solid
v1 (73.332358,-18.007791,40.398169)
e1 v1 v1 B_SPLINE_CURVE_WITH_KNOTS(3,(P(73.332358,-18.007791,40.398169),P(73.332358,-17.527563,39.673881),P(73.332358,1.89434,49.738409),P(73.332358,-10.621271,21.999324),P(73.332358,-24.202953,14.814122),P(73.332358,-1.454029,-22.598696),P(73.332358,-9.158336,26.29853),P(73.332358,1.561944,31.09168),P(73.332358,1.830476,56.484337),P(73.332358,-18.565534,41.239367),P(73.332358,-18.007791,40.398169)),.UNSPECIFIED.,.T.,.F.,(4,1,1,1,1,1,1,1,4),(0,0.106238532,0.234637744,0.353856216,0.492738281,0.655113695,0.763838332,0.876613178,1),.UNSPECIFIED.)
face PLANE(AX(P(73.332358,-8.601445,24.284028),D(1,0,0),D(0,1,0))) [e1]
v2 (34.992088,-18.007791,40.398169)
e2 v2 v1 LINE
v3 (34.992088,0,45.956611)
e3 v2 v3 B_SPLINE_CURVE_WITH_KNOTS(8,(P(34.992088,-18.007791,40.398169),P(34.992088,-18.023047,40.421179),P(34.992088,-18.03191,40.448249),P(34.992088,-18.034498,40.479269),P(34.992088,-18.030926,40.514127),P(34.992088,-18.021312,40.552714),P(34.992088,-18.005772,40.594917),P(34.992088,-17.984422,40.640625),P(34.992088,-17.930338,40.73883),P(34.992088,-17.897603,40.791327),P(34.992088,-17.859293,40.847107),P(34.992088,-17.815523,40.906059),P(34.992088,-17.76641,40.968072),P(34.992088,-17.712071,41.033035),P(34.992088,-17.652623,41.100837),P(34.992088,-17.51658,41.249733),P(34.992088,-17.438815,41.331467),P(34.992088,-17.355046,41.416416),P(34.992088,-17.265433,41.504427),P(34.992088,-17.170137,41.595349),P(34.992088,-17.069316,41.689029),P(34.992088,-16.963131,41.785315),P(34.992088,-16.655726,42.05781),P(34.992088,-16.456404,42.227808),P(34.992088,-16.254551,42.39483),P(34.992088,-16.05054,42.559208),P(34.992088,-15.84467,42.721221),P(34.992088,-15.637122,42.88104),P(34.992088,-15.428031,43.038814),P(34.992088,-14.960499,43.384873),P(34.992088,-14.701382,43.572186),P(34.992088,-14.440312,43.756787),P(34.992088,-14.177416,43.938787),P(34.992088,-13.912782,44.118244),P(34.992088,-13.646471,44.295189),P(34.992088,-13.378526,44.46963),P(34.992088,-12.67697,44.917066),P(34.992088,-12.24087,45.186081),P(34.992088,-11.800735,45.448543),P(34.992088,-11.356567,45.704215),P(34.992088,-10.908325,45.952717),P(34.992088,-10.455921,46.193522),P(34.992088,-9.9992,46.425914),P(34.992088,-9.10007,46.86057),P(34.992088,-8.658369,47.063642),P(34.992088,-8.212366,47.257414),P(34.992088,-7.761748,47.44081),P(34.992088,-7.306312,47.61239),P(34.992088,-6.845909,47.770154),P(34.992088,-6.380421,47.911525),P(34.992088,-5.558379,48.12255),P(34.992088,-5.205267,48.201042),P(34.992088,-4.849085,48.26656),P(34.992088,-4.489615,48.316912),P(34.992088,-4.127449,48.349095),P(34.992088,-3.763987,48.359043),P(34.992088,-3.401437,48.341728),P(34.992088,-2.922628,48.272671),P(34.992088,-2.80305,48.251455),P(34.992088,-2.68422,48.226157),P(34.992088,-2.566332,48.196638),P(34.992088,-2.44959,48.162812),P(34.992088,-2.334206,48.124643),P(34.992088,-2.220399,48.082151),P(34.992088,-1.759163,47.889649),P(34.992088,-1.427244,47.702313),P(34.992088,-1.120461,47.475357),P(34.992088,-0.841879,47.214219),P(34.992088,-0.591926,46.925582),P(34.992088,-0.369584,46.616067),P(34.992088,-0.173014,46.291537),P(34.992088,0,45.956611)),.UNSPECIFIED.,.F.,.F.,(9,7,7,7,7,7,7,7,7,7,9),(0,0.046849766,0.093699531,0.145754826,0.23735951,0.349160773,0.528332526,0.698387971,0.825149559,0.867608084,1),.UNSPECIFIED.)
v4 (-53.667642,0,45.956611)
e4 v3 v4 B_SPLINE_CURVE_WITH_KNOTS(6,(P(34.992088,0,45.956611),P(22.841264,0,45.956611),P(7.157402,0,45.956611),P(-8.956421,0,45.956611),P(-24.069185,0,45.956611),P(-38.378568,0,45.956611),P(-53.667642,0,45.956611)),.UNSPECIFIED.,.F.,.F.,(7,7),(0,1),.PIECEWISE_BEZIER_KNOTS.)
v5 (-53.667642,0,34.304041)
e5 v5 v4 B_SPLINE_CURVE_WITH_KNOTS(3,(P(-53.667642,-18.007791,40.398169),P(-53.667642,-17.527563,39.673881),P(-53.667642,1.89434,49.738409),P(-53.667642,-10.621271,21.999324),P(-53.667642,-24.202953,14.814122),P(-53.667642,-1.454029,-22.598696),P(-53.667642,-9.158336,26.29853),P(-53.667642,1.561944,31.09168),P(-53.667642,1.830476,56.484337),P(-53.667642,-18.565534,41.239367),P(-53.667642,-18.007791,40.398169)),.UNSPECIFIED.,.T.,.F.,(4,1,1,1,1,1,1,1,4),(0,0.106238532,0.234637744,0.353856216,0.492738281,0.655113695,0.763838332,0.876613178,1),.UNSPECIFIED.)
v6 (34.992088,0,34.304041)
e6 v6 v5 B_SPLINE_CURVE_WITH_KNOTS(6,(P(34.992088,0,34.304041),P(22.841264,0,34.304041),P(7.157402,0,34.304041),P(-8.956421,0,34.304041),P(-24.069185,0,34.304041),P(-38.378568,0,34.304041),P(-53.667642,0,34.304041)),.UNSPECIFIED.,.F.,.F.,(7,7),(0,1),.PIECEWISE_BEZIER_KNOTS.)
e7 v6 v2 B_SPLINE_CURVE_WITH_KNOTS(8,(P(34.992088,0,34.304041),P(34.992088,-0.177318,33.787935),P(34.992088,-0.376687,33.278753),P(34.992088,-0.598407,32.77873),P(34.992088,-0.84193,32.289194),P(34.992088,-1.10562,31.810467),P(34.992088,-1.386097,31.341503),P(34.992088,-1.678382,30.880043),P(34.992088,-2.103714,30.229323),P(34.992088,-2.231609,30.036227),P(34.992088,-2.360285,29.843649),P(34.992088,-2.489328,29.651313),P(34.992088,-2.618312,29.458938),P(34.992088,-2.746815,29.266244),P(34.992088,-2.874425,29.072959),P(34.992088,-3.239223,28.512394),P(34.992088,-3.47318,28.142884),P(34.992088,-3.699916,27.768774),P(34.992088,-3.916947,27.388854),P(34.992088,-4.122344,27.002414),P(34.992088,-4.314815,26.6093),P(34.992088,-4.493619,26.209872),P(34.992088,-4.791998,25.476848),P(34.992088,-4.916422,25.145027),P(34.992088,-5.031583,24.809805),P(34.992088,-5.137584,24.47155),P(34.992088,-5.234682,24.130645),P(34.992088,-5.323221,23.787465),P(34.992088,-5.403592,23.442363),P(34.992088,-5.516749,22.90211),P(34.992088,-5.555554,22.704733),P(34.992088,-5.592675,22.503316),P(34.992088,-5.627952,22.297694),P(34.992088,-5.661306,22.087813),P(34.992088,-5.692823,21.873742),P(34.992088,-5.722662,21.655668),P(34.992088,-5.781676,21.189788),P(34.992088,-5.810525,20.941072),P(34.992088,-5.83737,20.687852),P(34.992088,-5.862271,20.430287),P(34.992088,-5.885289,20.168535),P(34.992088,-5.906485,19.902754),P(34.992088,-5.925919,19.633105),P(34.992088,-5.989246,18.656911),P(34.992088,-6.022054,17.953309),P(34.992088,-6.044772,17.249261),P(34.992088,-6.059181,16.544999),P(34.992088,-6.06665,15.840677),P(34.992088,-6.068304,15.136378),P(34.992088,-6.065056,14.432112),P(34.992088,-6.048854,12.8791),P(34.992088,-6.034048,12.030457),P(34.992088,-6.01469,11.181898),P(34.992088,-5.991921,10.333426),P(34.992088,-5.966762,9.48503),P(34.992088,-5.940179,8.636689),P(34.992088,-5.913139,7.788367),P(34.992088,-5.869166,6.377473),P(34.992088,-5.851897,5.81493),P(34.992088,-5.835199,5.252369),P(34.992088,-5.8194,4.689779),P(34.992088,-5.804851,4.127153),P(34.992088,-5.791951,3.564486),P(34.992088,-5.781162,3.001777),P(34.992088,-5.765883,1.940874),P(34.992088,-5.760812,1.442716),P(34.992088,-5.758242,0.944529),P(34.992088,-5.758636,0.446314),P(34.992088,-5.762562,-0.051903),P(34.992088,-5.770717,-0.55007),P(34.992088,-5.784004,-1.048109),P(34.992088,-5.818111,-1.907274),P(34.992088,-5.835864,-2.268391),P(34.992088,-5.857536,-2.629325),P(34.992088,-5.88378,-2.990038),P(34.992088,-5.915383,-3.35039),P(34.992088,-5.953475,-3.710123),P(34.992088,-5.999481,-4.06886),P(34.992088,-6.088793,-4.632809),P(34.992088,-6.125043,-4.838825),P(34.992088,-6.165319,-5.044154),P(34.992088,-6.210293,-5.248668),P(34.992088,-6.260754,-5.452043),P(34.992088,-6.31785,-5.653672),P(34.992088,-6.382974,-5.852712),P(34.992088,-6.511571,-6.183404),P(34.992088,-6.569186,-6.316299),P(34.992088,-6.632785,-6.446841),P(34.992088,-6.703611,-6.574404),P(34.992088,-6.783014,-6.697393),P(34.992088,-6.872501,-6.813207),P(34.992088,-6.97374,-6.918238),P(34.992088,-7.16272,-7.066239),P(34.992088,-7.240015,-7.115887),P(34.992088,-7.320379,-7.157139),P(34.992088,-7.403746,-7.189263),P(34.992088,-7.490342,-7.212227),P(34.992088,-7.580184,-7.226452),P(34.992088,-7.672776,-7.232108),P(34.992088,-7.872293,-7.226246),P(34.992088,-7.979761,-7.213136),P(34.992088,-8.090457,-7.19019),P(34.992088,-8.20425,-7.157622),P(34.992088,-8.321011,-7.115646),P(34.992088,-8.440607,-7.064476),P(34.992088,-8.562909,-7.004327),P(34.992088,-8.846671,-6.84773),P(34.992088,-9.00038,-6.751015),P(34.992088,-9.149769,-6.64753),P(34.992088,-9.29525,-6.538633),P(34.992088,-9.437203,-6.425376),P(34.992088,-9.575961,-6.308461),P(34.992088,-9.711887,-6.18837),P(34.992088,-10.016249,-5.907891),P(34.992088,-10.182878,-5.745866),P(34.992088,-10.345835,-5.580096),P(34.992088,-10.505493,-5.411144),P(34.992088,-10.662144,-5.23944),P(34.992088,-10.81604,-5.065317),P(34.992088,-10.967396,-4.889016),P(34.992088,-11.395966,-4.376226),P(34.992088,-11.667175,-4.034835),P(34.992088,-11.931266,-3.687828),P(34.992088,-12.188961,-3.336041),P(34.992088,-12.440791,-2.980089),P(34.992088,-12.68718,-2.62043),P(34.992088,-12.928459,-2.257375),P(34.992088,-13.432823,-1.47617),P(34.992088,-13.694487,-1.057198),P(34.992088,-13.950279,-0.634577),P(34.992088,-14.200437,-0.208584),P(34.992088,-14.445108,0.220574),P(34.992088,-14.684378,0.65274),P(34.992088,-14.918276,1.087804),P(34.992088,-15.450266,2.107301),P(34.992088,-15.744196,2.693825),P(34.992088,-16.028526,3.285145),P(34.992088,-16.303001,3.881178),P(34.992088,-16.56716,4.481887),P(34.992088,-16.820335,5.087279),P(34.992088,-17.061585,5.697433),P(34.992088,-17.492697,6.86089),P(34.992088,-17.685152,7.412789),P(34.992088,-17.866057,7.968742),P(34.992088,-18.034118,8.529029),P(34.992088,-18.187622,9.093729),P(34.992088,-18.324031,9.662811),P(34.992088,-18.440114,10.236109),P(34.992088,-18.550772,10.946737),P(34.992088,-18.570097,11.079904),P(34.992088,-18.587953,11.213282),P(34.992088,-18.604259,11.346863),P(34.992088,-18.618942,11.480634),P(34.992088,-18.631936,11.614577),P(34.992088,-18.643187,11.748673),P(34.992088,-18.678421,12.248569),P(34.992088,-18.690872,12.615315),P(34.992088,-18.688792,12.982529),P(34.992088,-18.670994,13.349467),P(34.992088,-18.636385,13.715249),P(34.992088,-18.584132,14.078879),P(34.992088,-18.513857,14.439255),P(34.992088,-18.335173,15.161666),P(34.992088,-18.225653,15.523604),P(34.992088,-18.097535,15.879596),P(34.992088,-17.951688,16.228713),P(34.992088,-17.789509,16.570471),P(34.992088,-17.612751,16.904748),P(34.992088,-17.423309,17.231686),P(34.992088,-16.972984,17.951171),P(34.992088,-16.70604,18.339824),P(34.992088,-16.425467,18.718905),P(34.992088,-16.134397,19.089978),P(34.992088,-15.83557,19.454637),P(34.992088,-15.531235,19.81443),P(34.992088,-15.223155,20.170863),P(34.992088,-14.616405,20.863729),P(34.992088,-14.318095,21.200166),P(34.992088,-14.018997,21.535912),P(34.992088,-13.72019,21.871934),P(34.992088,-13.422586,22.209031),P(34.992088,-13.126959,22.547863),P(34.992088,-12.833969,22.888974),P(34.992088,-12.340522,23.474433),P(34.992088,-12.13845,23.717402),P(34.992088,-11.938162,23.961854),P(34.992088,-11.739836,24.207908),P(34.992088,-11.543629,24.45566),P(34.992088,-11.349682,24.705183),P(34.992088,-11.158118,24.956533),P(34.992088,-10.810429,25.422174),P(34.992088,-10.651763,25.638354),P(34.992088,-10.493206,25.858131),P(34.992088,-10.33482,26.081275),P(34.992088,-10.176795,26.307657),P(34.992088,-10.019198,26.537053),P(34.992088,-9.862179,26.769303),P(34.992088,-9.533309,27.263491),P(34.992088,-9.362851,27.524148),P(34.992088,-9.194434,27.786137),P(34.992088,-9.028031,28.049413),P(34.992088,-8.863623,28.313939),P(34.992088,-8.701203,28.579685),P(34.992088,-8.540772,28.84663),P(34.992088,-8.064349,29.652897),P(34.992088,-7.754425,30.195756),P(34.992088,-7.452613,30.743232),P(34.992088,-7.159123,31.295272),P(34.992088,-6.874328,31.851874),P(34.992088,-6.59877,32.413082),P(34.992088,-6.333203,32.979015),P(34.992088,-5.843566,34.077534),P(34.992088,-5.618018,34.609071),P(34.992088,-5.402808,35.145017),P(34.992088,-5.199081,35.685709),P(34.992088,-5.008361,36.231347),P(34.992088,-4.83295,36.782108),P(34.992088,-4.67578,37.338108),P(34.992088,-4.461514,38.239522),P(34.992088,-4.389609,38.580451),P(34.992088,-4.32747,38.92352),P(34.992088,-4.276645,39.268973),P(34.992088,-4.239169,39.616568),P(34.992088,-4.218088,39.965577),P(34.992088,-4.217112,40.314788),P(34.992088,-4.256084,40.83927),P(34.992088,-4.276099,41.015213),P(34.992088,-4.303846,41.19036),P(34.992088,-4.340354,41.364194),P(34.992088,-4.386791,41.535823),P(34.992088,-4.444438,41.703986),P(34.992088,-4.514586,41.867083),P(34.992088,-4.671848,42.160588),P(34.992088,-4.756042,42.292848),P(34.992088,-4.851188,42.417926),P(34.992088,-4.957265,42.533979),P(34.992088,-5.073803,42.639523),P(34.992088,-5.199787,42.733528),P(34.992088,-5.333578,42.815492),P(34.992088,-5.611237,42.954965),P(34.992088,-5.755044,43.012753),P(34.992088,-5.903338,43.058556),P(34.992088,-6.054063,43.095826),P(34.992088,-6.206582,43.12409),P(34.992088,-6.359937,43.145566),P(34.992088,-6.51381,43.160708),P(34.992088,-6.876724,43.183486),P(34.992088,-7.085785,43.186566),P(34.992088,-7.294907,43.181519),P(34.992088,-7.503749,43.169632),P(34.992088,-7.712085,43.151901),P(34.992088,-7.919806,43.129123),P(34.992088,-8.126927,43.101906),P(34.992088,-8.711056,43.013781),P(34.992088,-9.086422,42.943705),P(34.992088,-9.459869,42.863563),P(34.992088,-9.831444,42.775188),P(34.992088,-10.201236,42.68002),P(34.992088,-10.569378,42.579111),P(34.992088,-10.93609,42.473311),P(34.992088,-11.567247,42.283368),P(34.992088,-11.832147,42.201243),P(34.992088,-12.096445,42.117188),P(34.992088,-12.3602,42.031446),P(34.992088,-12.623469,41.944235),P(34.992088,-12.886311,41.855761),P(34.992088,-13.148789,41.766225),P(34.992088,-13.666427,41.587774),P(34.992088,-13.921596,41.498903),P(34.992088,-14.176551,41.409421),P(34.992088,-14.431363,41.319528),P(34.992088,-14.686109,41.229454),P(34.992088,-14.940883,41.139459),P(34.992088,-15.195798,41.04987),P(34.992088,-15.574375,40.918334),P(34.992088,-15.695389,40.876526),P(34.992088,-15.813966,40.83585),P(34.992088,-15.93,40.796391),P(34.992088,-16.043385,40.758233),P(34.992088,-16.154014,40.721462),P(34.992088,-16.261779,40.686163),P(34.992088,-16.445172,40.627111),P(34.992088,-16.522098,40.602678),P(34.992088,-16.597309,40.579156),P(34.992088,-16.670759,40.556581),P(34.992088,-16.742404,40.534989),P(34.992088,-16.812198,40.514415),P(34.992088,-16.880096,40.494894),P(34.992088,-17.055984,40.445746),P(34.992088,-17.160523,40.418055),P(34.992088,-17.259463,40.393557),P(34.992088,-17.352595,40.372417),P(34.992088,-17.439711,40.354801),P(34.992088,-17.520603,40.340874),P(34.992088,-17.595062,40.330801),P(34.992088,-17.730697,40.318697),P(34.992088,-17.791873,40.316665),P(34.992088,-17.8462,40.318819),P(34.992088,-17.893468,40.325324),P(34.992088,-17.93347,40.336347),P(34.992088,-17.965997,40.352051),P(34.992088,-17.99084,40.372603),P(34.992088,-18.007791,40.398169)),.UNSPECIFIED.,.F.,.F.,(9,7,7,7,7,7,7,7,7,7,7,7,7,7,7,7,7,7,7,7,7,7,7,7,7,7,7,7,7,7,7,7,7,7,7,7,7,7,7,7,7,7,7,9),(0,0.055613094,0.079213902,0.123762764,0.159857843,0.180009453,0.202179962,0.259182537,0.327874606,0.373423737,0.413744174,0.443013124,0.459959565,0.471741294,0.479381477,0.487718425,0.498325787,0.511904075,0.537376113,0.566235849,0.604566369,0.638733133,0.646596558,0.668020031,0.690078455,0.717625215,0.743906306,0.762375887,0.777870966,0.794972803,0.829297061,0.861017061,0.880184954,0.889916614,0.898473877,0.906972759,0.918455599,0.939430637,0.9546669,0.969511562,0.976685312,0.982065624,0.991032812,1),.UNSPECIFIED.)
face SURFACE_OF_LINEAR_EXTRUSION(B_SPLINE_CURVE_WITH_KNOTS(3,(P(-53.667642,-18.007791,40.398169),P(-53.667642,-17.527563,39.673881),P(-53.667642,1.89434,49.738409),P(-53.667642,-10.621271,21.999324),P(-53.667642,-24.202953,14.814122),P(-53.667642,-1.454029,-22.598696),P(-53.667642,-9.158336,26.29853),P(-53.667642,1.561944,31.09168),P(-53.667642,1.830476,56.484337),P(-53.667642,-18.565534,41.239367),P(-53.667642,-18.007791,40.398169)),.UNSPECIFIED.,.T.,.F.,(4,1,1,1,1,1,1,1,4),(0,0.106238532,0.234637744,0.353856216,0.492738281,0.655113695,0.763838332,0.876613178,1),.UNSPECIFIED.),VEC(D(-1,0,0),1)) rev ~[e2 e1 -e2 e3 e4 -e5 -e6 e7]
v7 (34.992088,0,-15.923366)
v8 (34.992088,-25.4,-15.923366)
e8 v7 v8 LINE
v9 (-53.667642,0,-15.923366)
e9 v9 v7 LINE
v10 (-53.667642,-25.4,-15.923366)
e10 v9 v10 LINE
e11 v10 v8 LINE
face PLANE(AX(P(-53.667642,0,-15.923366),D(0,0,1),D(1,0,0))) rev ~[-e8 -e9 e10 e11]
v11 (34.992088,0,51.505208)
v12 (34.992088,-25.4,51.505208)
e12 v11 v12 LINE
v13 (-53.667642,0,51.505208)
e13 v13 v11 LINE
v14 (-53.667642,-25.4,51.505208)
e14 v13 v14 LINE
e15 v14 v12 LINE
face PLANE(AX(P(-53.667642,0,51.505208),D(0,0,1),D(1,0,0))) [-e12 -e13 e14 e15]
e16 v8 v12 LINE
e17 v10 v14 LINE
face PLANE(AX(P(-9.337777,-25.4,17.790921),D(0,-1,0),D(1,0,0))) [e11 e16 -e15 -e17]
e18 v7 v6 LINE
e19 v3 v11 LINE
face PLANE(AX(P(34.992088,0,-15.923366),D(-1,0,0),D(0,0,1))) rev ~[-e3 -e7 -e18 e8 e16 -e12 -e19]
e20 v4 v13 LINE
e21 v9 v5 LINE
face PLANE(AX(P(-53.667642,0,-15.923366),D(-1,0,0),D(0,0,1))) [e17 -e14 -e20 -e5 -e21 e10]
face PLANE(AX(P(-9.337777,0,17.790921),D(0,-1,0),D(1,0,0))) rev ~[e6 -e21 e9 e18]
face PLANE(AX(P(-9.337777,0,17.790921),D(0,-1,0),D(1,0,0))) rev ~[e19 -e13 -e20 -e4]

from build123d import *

# Parameters (mm, degrees)
F0_W     = 88.6597298086
F0_H     = 67.428573966
F1_DEPTH = 25.4
F3_DEPTH = 127


with BuildPart() as f1:
    # F0 (on Front) → F1 (new body)
    with BuildSketch(Plane.XZ):
        with Locations((-9.3377772719, 17.7909210324)):
            Rectangle(F0_W, F0_H)
    extrude(amount=F1_DEPTH)

    # F2 (on face) → F3 (join)
    with BuildSketch(Plane(origin=(-53.6676421762, 0, 0), x_dir=(0, -1, 0), z_dir=(-1, 0, 0))):
        with BuildLine():
            add(Edge.make_bspline(
                [(18.0077906698, 40.3981693089), (17.5275628435, 39.6738812115), (-1.8943396449, 49.7384087408), (10.6212709767, 21.9993236708), (24.2029526814, 14.8141223278), (1.4540288811, -22.5986960954), (9.1583358161, 26.298530403), (-1.5619440238, 31.0916796893), (-1.8304759487, 56.4843370144), (18.5655335557, 41.2393669897), (18.0077906698, 40.3981693089)],
                knots=[0, 0, 0, 0, 0.1062385318, 0.2346377437, 0.3538562156, 0.4927382808, 0.6551136955, 0.763838332, 0.876613178, 1, 1, 1, 1], degree=3))
        make_face()
    extrude(amount=-F3_DEPTH)


solid = f1.part
